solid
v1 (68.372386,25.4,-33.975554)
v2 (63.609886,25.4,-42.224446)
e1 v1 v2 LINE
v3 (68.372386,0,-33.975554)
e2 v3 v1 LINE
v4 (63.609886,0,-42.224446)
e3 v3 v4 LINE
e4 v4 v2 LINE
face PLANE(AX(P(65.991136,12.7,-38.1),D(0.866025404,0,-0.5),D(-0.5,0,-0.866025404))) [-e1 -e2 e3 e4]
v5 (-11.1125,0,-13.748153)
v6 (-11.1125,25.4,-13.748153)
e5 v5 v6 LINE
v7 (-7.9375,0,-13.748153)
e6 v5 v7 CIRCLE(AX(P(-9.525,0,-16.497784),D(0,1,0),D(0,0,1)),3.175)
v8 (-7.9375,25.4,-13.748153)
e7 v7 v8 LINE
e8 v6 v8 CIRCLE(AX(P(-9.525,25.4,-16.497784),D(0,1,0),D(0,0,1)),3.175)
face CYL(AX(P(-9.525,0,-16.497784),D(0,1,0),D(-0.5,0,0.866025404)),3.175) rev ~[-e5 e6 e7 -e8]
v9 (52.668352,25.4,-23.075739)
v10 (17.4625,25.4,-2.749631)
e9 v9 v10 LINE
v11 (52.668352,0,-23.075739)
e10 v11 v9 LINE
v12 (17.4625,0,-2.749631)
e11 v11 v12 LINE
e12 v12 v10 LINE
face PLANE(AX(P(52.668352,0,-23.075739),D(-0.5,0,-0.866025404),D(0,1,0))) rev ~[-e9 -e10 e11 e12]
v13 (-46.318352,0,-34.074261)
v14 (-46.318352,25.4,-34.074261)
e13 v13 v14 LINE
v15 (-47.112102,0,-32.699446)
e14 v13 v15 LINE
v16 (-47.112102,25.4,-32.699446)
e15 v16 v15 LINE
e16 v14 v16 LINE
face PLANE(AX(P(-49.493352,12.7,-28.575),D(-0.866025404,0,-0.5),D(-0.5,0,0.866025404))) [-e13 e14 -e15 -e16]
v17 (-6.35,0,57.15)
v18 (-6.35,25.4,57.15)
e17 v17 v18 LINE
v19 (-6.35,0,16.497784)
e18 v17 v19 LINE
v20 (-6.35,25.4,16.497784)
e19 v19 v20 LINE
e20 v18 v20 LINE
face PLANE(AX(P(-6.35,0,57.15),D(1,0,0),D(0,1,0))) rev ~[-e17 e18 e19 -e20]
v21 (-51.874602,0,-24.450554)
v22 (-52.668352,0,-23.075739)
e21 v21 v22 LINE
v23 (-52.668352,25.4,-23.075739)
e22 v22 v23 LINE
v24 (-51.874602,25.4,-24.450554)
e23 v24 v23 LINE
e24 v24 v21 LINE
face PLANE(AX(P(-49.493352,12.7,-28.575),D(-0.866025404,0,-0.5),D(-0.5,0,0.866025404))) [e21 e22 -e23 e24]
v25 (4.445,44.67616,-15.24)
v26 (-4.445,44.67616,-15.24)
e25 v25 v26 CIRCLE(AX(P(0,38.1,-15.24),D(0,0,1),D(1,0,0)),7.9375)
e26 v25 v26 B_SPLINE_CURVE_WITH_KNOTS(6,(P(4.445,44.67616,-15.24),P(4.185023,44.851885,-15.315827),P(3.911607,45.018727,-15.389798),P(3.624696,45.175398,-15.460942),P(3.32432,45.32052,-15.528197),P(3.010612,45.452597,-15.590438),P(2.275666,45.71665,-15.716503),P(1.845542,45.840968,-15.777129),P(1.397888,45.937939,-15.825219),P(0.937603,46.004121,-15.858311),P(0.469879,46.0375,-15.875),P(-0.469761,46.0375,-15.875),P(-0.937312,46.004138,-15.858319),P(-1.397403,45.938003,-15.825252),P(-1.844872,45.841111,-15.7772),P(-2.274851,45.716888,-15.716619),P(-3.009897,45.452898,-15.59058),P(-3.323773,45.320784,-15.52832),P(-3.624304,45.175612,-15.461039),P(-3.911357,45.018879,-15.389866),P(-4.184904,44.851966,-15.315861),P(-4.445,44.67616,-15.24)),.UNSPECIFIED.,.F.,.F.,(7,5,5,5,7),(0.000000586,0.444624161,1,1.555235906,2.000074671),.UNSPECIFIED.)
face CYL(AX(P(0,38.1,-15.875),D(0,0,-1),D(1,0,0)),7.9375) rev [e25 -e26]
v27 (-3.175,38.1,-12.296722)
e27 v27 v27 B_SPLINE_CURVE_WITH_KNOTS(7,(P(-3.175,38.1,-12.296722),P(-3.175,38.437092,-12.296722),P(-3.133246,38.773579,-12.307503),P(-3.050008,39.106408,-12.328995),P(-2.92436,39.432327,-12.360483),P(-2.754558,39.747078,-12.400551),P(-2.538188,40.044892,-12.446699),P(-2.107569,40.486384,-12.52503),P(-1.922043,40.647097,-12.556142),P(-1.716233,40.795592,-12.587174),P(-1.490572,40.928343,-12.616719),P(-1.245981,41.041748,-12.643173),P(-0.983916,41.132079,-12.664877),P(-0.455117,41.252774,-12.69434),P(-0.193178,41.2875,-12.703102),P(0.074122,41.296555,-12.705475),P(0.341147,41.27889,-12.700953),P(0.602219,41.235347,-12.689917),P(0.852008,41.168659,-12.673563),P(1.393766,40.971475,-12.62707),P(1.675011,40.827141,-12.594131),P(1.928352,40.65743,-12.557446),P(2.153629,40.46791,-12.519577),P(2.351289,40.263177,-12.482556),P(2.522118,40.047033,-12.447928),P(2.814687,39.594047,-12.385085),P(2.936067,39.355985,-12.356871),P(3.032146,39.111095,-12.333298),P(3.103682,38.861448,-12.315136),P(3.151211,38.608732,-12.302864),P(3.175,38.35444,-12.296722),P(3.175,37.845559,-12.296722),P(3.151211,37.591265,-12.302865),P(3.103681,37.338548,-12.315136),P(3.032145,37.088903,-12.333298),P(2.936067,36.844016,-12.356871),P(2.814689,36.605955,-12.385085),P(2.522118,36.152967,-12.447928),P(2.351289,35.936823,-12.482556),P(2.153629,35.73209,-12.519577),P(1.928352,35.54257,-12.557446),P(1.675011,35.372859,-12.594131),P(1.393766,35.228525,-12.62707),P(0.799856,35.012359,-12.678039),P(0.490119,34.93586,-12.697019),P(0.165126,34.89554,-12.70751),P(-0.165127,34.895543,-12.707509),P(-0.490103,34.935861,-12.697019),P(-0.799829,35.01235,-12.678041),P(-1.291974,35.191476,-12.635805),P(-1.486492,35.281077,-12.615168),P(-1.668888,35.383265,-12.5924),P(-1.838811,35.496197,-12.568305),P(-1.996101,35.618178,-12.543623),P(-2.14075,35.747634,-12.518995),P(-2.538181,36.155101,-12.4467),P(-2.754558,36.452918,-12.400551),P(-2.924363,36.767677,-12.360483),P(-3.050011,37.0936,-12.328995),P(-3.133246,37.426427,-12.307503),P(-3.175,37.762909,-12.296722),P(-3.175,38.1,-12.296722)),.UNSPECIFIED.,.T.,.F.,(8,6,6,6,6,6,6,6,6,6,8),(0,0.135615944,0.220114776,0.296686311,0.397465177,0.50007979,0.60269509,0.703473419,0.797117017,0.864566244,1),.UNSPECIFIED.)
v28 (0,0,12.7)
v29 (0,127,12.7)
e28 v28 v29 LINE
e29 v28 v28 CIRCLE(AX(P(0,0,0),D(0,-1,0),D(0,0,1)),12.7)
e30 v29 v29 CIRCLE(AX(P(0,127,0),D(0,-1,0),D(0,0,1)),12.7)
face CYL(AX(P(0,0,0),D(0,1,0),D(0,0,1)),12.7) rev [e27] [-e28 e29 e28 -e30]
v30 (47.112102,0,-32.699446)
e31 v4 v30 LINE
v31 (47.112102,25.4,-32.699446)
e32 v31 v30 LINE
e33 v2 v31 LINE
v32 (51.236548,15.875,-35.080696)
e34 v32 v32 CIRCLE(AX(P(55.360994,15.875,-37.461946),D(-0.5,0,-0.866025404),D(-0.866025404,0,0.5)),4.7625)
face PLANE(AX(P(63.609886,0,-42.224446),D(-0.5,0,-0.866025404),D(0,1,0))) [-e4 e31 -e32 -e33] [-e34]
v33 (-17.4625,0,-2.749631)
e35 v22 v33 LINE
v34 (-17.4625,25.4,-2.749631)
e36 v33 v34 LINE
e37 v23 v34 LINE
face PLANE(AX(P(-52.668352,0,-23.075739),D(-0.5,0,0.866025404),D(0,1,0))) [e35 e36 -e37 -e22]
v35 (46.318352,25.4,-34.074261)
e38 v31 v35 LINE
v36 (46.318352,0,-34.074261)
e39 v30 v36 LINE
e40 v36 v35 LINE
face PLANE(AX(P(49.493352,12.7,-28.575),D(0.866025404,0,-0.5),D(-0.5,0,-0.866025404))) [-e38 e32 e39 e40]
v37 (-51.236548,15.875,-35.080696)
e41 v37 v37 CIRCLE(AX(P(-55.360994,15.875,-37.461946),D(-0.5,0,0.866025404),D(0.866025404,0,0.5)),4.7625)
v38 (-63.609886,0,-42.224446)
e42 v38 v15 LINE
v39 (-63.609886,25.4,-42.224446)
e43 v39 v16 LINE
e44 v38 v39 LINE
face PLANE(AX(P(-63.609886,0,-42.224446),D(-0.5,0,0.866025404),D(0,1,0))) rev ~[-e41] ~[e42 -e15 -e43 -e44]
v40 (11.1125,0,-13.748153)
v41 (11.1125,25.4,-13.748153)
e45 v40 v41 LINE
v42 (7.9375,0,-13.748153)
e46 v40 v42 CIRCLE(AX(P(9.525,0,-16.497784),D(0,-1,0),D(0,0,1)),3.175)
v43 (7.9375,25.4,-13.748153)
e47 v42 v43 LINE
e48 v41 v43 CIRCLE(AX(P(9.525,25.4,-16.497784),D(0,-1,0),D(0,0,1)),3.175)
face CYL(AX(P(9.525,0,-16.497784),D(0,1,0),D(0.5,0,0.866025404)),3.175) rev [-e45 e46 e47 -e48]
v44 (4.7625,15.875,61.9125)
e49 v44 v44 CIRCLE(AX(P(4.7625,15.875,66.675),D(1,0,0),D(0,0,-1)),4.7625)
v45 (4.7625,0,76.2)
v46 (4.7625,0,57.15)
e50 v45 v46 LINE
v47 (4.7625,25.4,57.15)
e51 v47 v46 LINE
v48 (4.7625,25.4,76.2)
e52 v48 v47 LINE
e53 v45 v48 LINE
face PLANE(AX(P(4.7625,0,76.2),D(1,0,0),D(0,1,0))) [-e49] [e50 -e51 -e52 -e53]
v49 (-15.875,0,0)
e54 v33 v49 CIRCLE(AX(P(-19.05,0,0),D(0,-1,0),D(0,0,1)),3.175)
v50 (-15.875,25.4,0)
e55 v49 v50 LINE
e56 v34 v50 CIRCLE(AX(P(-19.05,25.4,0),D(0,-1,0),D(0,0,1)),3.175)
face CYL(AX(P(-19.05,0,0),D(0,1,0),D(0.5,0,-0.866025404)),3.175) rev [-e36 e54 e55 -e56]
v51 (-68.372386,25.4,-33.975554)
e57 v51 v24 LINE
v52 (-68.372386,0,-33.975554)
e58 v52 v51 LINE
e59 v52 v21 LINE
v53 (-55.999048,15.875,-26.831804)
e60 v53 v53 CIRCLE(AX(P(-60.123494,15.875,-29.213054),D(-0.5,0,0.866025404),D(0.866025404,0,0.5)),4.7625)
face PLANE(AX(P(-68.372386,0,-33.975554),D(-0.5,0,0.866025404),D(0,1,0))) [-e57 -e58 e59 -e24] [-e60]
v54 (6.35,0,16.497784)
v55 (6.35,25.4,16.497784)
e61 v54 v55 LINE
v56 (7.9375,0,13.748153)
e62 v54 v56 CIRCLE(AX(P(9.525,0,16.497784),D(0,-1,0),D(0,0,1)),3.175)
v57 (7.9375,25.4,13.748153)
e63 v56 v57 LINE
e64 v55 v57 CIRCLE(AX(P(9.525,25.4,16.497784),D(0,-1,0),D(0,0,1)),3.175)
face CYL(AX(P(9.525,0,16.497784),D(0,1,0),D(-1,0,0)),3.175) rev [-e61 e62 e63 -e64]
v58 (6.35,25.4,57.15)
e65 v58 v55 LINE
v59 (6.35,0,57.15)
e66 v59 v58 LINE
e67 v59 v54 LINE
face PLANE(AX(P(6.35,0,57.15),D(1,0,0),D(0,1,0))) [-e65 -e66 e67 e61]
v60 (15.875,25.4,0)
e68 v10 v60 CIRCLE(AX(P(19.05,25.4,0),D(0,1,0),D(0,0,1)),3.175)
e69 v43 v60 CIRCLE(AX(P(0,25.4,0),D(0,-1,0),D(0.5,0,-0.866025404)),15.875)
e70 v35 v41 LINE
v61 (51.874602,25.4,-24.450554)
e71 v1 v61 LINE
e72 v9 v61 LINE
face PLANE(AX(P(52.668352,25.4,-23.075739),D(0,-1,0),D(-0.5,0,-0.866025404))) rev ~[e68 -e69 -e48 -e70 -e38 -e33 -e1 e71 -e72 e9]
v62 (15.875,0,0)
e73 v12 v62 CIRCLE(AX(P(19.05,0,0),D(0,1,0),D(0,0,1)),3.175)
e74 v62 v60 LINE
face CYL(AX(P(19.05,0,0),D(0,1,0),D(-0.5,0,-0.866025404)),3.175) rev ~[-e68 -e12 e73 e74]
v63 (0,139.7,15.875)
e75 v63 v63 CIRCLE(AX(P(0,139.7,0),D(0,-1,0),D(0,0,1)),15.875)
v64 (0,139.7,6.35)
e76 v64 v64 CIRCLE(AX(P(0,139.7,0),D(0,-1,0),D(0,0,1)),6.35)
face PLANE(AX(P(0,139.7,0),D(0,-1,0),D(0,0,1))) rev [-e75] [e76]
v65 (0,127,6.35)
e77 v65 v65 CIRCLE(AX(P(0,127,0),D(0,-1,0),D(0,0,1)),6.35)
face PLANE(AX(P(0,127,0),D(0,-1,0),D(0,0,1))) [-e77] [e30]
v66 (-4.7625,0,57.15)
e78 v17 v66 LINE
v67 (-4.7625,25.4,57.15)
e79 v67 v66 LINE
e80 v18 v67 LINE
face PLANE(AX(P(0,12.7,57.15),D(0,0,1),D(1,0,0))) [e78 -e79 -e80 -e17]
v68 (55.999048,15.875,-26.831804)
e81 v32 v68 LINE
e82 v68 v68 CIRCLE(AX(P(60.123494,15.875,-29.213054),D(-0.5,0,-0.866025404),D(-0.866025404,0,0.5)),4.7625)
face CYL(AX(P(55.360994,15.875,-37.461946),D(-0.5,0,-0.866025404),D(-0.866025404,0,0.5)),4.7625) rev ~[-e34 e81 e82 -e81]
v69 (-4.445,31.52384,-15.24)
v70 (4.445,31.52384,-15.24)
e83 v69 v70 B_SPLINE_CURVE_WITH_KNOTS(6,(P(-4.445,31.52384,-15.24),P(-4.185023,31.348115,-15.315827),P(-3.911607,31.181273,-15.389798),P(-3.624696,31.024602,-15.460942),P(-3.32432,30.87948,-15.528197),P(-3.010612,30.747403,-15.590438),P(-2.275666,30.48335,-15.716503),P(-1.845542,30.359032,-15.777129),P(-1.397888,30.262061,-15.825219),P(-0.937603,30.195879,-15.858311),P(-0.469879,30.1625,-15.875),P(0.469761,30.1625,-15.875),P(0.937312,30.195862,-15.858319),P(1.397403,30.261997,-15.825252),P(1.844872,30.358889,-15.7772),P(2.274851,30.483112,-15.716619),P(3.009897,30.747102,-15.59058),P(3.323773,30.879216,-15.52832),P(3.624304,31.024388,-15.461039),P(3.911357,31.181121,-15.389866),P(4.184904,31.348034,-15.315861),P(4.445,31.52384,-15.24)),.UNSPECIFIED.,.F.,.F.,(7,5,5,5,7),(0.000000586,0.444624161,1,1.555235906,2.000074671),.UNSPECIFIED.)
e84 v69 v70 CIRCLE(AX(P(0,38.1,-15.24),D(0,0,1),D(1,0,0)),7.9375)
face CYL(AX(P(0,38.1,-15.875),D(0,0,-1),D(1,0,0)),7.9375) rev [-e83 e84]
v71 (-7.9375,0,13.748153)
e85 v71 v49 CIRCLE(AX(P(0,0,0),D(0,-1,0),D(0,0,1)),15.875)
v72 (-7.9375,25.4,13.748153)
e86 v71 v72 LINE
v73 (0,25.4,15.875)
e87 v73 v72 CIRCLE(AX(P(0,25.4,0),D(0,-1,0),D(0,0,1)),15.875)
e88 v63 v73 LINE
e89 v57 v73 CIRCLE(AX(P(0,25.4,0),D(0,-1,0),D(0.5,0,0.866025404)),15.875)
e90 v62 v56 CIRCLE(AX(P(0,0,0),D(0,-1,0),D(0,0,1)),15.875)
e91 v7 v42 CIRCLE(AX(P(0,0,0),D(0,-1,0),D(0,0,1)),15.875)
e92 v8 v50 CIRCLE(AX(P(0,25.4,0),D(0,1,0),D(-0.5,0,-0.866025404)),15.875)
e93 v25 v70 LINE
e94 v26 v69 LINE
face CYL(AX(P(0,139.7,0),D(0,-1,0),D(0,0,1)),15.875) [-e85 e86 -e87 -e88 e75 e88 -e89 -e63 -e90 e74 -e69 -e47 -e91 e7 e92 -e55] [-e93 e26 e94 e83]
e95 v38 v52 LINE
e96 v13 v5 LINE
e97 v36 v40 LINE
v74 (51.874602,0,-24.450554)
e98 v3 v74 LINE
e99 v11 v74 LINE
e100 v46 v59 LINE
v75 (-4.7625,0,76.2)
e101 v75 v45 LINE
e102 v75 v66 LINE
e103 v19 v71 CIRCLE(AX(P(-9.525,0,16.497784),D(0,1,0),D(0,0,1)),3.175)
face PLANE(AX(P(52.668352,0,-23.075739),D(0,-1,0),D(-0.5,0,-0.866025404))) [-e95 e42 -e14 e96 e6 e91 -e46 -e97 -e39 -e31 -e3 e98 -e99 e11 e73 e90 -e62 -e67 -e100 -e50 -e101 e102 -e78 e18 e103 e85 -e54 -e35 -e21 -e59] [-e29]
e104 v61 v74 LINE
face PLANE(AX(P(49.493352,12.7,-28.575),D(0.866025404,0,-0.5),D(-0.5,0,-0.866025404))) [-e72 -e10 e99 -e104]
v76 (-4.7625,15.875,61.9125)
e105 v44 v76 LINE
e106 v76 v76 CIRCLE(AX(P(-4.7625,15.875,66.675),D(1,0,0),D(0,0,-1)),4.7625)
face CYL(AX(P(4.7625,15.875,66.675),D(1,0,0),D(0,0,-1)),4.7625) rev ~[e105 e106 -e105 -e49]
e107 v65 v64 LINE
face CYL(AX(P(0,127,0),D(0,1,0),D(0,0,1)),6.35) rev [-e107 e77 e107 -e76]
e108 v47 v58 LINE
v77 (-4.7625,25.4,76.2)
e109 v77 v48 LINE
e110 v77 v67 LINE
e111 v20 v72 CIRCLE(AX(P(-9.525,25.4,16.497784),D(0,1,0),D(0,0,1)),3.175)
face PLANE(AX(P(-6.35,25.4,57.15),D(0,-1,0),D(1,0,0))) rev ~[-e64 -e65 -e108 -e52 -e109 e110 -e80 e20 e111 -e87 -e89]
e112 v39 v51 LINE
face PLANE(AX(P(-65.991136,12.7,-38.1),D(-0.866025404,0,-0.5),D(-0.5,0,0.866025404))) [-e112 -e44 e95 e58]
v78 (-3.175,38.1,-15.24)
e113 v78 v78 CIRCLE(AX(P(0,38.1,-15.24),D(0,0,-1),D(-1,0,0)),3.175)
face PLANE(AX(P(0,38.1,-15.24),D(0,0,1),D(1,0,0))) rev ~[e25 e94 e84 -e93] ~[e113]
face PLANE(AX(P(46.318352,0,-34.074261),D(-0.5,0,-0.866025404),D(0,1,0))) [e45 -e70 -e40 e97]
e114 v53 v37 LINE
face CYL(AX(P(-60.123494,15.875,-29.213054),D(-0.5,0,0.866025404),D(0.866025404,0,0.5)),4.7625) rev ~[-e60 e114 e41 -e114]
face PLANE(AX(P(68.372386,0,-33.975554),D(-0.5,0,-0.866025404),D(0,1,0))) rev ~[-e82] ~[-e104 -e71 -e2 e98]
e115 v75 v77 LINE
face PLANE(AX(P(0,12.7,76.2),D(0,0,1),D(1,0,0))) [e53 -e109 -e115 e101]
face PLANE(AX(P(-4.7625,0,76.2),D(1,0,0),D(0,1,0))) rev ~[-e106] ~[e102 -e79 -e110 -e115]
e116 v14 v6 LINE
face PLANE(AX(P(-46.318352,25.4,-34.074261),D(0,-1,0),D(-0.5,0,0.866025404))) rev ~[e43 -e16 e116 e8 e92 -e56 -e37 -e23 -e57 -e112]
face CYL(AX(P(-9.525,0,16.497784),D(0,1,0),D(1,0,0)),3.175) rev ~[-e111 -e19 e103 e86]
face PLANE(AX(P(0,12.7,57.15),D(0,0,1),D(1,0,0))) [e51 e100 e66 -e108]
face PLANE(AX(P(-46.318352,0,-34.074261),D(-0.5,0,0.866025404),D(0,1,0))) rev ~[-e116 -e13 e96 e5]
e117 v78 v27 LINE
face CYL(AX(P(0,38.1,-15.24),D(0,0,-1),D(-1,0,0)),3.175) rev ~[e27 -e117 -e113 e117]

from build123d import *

# Parameters (mm, degrees)
BOSS_EXTRUDE1_REACH      = 170.065
BOSS_EXTRUDE1_END_RADIUS = 15.875
SKETCH2_W                = 9.525
SKETCH2_H                = 25.4
SKETCH3_R                = 4.7625
CUT_EXTRUDE1_DEPTH       = 161.463193307
BOSS_EXTRUDE2_REACH      = 160.432
BOSS_EXTRUDE2_END_RADIUS = 15.875
SKETCH4_W                = 12.7
SKETCH4_H                = 25.4
FILLET1_R                = 3.175
CIRPATTERN1_COUNT        = 3
FILLET1_OF_CIRPATTERN1_R = 3.175
SKETCH5_R                = 7.9375
CUT_EXTRUDE3_DEPTH       = 0.635
SKETCH6_R                = 3.175
CUT_EXTRUDE4_DEPTH       = 12.7


with BuildPart() as part:
    # Sketch1 → Base-Revolve (revolve)
    with BuildSketch(Plane.XY, mode=Mode.PRIVATE) as base_revolve_sk:
        Polygon((12.7, 0), (12.7, 127), (6.35, 127), (6.35, 139.7), (15.875, 139.7), (15.875, 0), align=None)
    revolve(base_revolve_sk.sketch.rotate(Axis((0, 118.223731343, 0), (0, -1, 0)), 90), axis=Axis((0, 118.223731343, 0), (0, -1, 0)))

    # Boss-Extrude1: up to this cylinder (the profile starts outside it)
    boss_extrude1_end = Plane(origin=(0, 12.7, 0), z_dir=(0, 1, 0)) * Cylinder(BOSS_EXTRUDE1_END_RADIUS, 372.88, mode=Mode.PRIVATE)
    # Sketch2 → Boss-Extrude1 (add, up to the surface)
    with BuildSketch(Plane.XY.offset(76.2), mode=Mode.PRIVATE) as boss_extrude1_sk1:
        with Locations((0, 12.7)):
            Rectangle(SKETCH2_W, SKETCH2_H)
    boss_extrude1_tool1 = extrude(boss_extrude1_sk1.sketch, amount=-BOSS_EXTRUDE1_REACH, mode=Mode.PRIVATE) - boss_extrude1_end
    boss_extrude1 = boss_extrude1_tool1.solids().sort_by_distance((0, 12.7, 76.2))[0]
    add(boss_extrude1)

    # Sketch3 → Cut-Extrude1 (cut, through all)
    with BuildSketch(Plane(origin=(4.7625, 0, 0), x_dir=(0, 0, -1), z_dir=(1, 0, 0))):
        with Locations((-66.675, 15.875)):
            Circle(SKETCH3_R)
    cut_extrude1 = extrude(amount=-CUT_EXTRUDE1_DEPTH, mode=Mode.SUBTRACT)

    # Boss-Extrude2: up to this cylinder (the profile starts outside it)
    boss_extrude2_end = Plane(origin=(0, 12.7, 0), z_dir=(0, 1, 0)) * Cylinder(BOSS_EXTRUDE2_END_RADIUS, 353.614, mode=Mode.PRIVATE)
    # Sketch4 → Boss-Extrude2 (add, up to the surface)
    with BuildSketch(Plane.XY.offset(57.15), mode=Mode.PRIVATE) as boss_extrude2_sk1:
        with Locations((0, 12.7)):
            Rectangle(SKETCH4_W, SKETCH4_H)
    boss_extrude2_tool1 = extrude(boss_extrude2_sk1.sketch, amount=-BOSS_EXTRUDE2_REACH, mode=Mode.PRIVATE) - boss_extrude2_end
    boss_extrude2 = boss_extrude2_tool1.solids().sort_by_distance((0, 12.7, 57.15))[0]
    add(boss_extrude2)

    # Fillet1
    fillet1_edges = [part.edges().sort_by_distance(p)[0] for p in [
        (-6.35, 12.7, 14.549677831),
        (6.35, 12.7, 14.549677831),
    ]]
    fillet(fillet1_edges, radius=FILLET1_R)

    # CirPattern1: Boss-Extrude1, Cut-Extrude1, Boss-Extrude2 ×3 about axis
    cirpattern1_axis = Axis((0, 0, 0), (0, 1, 0))
    add([boss_extrude1.rotate(cirpattern1_axis, i * 360 / CIRPATTERN1_COUNT) for i in range(1, CIRPATTERN1_COUNT)])
    add([cut_extrude1.rotate(cirpattern1_axis, i * 360 / CIRPATTERN1_COUNT) for i in range(1, CIRPATTERN1_COUNT)], mode=Mode.SUBTRACT)
    add([boss_extrude2.rotate(cirpattern1_axis, i * 360 / CIRPATTERN1_COUNT) for i in range(1, CIRPATTERN1_COUNT)])

    # Fillet1 of CirPattern1
    fillet1_of_cirpattern1_edges = [part.edges().sort_by_distance(p)[0] for p in [
        (15.775390619, 12.7, -1.775577602),
        (9.425390619, 12.7, -12.77410023),
        (-9.425390619, 12.7, -12.77410023),
        (-15.775390619, 12.7, -1.775577602),
    ]]
    fillet(fillet1_of_cirpattern1_edges, radius=FILLET1_OF_CIRPATTERN1_R)

    # Sketch5 → Cut-Extrude3 (cut)
    with BuildSketch(Plane.XY.offset(-15.875)):
        with Locations((0, 38.1)):
            Circle(SKETCH5_R)
    extrude(amount=CUT_EXTRUDE3_DEPTH, mode=Mode.SUBTRACT)

    # Sketch6 → Cut-Extrude4 (cut)
    with BuildSketch(Plane(origin=(0, 0, -15.24), x_dir=(-1, 0, 0), z_dir=(0, 0, -1))):
        with Locations((0, 38.1)):
            Circle(SKETCH6_R)
    extrude(amount=-CUT_EXTRUDE4_DEPTH, mode=Mode.SUBTRACT)


solid = part.part
